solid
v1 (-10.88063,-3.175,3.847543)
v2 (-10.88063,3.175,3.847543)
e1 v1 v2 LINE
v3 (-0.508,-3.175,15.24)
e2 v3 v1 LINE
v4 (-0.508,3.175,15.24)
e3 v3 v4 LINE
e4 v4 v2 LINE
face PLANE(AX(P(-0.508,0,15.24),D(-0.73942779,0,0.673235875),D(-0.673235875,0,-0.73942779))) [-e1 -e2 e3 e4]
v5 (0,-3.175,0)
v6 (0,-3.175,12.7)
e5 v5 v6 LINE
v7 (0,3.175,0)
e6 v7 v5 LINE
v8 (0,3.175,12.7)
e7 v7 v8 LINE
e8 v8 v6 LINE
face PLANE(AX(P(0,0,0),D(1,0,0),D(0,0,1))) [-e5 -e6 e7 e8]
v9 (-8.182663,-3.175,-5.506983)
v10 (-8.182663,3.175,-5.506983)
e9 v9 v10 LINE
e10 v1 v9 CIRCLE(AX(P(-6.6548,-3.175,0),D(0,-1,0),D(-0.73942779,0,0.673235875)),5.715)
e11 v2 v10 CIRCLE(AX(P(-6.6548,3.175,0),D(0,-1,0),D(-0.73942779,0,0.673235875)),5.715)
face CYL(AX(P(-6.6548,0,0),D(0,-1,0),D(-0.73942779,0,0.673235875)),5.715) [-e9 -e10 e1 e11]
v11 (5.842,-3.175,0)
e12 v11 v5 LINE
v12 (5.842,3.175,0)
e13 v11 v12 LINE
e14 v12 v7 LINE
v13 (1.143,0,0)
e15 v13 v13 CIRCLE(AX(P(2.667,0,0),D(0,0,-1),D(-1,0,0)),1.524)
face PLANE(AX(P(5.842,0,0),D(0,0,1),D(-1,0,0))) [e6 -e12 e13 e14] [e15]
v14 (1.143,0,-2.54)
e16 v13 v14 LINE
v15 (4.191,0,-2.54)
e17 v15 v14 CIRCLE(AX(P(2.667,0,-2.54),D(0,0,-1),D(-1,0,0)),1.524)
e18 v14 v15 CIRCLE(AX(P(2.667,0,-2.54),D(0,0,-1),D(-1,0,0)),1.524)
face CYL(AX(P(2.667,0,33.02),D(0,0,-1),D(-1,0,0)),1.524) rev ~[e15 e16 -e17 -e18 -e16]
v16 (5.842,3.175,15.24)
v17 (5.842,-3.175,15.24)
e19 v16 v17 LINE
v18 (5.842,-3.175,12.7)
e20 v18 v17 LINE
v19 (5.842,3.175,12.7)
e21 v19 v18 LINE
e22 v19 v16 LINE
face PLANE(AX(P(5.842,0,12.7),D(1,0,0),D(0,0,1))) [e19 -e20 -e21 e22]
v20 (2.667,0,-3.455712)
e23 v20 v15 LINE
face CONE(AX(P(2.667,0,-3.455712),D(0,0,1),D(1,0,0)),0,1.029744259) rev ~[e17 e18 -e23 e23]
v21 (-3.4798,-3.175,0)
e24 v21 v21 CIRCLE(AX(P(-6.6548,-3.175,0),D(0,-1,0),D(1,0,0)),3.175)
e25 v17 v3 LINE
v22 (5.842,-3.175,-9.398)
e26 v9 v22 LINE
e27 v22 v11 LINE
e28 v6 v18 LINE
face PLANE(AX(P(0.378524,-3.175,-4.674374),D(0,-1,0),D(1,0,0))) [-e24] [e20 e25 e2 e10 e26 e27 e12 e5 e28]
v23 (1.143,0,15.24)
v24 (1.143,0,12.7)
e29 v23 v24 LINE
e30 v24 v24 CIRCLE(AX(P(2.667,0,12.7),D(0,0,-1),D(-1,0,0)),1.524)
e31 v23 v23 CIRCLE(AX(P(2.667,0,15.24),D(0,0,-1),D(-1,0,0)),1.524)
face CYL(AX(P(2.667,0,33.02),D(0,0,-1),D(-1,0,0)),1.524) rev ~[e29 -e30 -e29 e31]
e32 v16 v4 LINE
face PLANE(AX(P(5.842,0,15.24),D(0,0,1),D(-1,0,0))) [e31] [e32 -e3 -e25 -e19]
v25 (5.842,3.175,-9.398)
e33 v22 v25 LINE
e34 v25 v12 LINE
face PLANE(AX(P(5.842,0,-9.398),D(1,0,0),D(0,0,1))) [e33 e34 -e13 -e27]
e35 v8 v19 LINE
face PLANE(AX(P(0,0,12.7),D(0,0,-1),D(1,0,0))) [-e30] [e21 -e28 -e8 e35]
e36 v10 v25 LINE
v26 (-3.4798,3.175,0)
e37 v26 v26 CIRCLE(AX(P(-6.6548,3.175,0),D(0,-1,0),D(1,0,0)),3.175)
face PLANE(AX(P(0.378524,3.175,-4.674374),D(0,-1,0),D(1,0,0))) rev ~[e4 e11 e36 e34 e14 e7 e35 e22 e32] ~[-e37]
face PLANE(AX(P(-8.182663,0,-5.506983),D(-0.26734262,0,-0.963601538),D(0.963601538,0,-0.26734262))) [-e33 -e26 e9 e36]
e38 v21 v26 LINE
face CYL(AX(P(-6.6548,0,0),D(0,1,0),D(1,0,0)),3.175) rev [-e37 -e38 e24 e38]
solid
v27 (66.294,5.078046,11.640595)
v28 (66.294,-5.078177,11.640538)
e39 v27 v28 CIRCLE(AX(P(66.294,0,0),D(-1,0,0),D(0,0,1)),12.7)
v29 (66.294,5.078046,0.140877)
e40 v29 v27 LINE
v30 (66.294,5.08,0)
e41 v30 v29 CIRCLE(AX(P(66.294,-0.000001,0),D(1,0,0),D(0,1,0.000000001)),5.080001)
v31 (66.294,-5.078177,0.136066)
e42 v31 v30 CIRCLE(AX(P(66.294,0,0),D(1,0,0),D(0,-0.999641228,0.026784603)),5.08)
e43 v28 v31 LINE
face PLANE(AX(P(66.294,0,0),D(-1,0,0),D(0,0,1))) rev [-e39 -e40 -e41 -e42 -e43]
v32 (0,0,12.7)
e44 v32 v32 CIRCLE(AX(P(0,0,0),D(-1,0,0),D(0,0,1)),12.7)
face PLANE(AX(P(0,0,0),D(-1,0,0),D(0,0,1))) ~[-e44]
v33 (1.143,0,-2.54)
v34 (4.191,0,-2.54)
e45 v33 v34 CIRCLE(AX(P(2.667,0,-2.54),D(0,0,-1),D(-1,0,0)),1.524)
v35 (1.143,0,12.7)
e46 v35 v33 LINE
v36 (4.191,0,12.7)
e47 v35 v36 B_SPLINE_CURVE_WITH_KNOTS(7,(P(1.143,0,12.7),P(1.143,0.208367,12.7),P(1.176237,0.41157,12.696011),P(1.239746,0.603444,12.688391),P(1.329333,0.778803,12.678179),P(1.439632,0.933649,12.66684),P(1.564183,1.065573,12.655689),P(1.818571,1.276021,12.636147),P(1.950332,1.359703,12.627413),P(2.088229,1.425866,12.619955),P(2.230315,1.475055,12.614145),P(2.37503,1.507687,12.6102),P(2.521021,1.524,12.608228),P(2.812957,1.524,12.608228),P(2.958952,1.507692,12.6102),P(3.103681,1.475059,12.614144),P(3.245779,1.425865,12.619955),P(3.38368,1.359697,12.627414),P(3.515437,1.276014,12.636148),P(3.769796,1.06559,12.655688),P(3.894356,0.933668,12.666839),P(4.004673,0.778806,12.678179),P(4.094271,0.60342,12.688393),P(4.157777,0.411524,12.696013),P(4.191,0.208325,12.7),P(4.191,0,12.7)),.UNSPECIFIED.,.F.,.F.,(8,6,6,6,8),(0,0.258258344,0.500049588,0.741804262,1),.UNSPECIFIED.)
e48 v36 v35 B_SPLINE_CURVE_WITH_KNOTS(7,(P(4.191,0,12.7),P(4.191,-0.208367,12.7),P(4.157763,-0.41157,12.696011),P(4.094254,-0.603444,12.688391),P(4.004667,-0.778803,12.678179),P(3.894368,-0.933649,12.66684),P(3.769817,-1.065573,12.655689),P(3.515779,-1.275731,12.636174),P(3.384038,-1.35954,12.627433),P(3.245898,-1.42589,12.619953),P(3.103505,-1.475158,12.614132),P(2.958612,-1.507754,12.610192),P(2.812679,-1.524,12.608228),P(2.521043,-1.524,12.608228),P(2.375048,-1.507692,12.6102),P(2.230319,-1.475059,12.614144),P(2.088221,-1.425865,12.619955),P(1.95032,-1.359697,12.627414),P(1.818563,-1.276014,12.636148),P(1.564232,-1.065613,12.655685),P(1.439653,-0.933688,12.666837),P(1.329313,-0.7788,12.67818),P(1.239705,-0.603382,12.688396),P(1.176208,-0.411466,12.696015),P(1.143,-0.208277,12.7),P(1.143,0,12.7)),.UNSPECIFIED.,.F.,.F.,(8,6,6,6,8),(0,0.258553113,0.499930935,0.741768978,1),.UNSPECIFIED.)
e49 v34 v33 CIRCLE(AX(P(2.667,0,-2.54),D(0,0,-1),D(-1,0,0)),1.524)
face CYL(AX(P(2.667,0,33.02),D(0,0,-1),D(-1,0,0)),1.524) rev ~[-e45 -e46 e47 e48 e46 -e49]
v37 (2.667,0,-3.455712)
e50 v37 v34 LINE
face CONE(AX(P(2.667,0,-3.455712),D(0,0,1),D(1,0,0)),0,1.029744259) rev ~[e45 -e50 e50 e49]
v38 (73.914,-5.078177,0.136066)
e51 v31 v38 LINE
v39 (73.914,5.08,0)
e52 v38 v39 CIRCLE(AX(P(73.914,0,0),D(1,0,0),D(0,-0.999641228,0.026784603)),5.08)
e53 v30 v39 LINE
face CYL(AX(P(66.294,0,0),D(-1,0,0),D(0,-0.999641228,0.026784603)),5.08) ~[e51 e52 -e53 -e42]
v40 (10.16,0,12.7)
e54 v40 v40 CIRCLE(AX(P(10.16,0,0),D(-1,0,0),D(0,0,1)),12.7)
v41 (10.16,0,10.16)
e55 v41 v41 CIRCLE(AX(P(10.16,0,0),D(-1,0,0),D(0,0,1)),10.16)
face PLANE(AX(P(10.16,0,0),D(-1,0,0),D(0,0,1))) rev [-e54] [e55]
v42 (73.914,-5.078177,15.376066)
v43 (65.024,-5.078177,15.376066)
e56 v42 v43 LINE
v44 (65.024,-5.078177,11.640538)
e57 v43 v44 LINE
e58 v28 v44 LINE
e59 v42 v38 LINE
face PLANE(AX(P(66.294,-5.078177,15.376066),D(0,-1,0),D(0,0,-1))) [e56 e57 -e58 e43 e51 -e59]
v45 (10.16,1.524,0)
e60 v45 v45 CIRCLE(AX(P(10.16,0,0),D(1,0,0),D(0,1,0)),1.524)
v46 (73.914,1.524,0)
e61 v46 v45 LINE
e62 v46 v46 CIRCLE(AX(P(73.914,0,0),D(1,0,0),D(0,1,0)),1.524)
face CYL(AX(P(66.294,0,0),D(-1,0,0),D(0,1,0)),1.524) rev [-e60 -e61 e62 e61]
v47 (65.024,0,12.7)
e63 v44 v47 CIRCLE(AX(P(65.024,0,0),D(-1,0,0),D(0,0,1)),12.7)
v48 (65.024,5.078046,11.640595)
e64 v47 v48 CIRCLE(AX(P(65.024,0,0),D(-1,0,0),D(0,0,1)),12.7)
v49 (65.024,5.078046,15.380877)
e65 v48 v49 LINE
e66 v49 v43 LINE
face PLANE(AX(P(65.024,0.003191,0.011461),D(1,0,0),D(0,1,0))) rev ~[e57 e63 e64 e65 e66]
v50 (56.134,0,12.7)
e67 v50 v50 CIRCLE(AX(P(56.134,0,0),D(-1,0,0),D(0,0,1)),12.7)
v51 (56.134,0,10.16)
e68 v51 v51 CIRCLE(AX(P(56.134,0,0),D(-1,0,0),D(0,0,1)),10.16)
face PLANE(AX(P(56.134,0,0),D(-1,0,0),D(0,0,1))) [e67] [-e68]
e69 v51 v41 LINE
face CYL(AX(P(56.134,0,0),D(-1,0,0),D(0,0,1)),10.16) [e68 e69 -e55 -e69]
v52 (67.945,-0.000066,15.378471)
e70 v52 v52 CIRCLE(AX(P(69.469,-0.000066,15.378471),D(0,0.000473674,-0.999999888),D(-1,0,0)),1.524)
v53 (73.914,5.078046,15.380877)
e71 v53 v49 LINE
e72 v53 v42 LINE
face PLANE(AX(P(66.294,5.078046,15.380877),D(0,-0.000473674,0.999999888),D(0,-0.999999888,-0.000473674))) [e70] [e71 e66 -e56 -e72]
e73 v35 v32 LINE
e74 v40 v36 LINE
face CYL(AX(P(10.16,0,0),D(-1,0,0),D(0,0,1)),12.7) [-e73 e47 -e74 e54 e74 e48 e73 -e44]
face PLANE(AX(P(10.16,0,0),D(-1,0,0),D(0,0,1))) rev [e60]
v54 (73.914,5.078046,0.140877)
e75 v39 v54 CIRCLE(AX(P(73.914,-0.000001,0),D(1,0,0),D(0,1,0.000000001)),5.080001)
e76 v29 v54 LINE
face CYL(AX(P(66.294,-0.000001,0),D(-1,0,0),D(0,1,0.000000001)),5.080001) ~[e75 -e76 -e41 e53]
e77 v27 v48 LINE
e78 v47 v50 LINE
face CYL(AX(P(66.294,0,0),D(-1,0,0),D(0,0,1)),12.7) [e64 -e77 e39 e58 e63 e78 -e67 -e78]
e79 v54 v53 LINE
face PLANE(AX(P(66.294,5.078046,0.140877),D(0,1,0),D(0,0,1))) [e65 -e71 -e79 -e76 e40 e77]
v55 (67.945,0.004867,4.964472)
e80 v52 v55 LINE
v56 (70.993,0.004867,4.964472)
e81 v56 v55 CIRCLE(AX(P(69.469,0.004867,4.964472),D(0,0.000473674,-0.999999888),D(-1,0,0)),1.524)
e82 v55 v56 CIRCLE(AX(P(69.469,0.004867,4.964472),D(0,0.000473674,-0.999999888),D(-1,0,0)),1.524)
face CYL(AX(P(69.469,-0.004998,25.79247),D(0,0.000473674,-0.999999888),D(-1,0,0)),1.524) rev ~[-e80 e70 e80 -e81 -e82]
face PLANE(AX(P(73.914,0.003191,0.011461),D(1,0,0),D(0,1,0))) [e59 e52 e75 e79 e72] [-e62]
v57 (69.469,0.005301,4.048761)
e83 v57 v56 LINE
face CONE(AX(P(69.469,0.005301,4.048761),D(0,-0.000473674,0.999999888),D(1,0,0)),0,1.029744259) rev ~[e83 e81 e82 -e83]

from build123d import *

# Parameters (mm, degrees)
F0_W          = 5.842
F0_H          = 12.7
F0_R          = 3.175
F2_DEPTH      = 3.175
F3_R          = 1.524
F4_DEPTH      = 7.62
F4_DEPTH_BACK = 1.27
F5_DEPTH      = 56.134
F7_D          = 3.048
F7_DEPTH      = 10.414
F7_TIP        = 0.9157115834
F9_D          = 3.048
F9_DEPTH      = 17.78
F9_TIP        = 0.9157115834
F9_2_D        = 3.048
F9_2_DEPTH    = 17.78
F9_2_TIP      = 0.9157115834


with BuildPart() as f1:
    # F0 (on Front) → F1 (revolve)
    with BuildSketch(Plane.XZ):
        Polygon((5.842, 12.7), (5.842, 0), (66.294, 0), (66.294, 12.7), (56.134, 12.7), (56.134, 10.16), (10.16, 10.16), (10.16, 12.7), align=None)
        with Locations((2.921, 6.35)):
            Rectangle(F0_W, F0_H)
    revolve(axis=Axis((33.147, 0, 0), (-1, 0, 0)))

    # F3 (on face) → F4 (join, two sides)
    with BuildSketch(Plane.YZ.offset(66.294)) as f4_sk:
        with BuildLine():
            ThreePointArc((-5.0781774391, 0.1360657812), (-0.0680389935, -5.0795443393), (5.08, 0))
            ThreePointArc((5.08, 0), (5.0795115412, 0.0704450318), (5.0780462589, 0.1408765166))
            ThreePointArc((5.0780462589, 0.1408765166), (-0.0024062618, 5.0799994301), (-5.0781774391, 0.1360657812))
        make_face()
        Circle(F3_R, mode=Mode.SUBTRACT)
        with BuildLine():
            ThreePointArc((-5.0781774391, 0.1360657812), (-0.0024062618, 5.0799994301), (5.0780462589, 0.1408765166))
            Line((5.0780462589, 0.1408765166), (5.0780462589, 11.6405947525))
            ThreePointArc((5.0780462589, 11.6405947525), (-7.15596e-05, 12.6999999998), (-5.0781774391, 11.6405375261))
            Line((-5.0781774391, 11.6405375261), (-5.0781774391, 0.1360657812))
        make_face()
        with BuildLine():
            ThreePointArc((-5.0781774391, 11.6405375261), (-7.15596e-05, 12.6999999998), (5.0780462589, 11.6405947525))
            Line((5.0780462589, 11.6405947525), (5.0780462589, 15.3808765166))
            Line((5.0780462589, 15.3808765166), (-5.0781774391, 15.3760657812))
            Line((-5.0781774391, 15.3760657812), (-5.0781774391, 11.6405375261))
        make_face()
    extrude(amount=F4_DEPTH)
    extrude(f4_sk.sketch, amount=-F4_DEPTH_BACK)

    # F5 (cut, through all): a face of the model
    f5_faces = [f1.faces().sort_by_distance(p)[0] for p in [
        (66.294, 0, 0),
    ]]
    extrude(f5_faces, amount=-F5_DEPTH, mode=Mode.SUBTRACT)

    # F7
    with Locations(Plane(origin=(0, -0.0072843748, 15.3784677295), x_dir=(1, 0, 0), z_dir=(0, -0.0004736736, 0.9999998878))):
        with Locations((69.469, 0.0072187854)):
            Hole(F7_D / 2, depth=F7_DEPTH)
            with Locations((0, 0, -(F7_DEPTH + F7_TIP / 2))):  # 118° drill point
                Cone(0, F7_D / 2, F7_TIP, mode=Mode.SUBTRACT)

    # F9
    with Locations(Plane.XY.offset(15.24)):
        with Locations((2.667, 0)):
            Hole(F9_D / 2, depth=F9_DEPTH)
            with Locations((0, 0, -(F9_DEPTH + F9_TIP / 2))):  # 118° drill point
                Cone(0, F9_D / 2, F9_TIP, mode=Mode.SUBTRACT)


with BuildPart() as f2:
    # F0 (on Front) → F2 (new body, symmetric)
    with BuildSketch(Plane.XZ):
        with BuildLine():
            Line((5.842, 0), (0, 0))
            Line((0, 0), (-0.9398, 0))
            ThreePointArc((-0.9398, 0), (-3.1957909266, -4.5493385486), (-8.1826630726, -5.5069827884))
            Line((-8.1826630726, -5.5069827884), (5.842, -9.398))
            Line((5.842, -9.398), (5.842, 0))
        make_face()
        with BuildLine():
            Line((-0.9398, 0), (0, 0))
            Line((0, 0), (0, 12.7))
            Line((0, 12.7), (5.842, 12.7))
            Line((5.842, 12.7), (5.842, 15.24))
            Line((5.842, 15.24), (-0.508, 15.24))
            Line((-0.508, 15.24), (-10.8806298187, 3.8475430269))
            ThreePointArc((-10.8806298187, 3.8475430269), (-4.5919612295, 5.3297205562), (-0.9398, 0))
        make_face()
        with BuildLine():
            ThreePointArc((-8.1826630726, -5.5069827884), (-3.1957909266, -4.5493385486), (-0.9398, 0))
            ThreePointArc((-0.9398, 0), (-4.5919612295, 5.3297205562), (-10.8806298187, 3.8475430269))
            ThreePointArc((-10.8806298187, 3.8475430269), (-12.1459778134, -1.5837270034), (-8.1826630726, -5.5069827884))
        make_face()
        with Locations((-6.6548, 0)):
            Circle(F0_R, mode=Mode.SUBTRACT)
    extrude(amount=F2_DEPTH, both=True)

    # F9#2
    with Locations(Plane.XY.offset(15.24)):
        with Locations((2.667, 0)):
            Hole(F9_2_D / 2, depth=F9_2_DEPTH)
            with Locations((0, 0, -(F9_2_DEPTH + F9_2_TIP / 2))):  # 118° drill point
                Cone(0, F9_2_D / 2, F9_2_TIP, mode=Mode.SUBTRACT)


solid = Compound([f1.part, f2.part])
